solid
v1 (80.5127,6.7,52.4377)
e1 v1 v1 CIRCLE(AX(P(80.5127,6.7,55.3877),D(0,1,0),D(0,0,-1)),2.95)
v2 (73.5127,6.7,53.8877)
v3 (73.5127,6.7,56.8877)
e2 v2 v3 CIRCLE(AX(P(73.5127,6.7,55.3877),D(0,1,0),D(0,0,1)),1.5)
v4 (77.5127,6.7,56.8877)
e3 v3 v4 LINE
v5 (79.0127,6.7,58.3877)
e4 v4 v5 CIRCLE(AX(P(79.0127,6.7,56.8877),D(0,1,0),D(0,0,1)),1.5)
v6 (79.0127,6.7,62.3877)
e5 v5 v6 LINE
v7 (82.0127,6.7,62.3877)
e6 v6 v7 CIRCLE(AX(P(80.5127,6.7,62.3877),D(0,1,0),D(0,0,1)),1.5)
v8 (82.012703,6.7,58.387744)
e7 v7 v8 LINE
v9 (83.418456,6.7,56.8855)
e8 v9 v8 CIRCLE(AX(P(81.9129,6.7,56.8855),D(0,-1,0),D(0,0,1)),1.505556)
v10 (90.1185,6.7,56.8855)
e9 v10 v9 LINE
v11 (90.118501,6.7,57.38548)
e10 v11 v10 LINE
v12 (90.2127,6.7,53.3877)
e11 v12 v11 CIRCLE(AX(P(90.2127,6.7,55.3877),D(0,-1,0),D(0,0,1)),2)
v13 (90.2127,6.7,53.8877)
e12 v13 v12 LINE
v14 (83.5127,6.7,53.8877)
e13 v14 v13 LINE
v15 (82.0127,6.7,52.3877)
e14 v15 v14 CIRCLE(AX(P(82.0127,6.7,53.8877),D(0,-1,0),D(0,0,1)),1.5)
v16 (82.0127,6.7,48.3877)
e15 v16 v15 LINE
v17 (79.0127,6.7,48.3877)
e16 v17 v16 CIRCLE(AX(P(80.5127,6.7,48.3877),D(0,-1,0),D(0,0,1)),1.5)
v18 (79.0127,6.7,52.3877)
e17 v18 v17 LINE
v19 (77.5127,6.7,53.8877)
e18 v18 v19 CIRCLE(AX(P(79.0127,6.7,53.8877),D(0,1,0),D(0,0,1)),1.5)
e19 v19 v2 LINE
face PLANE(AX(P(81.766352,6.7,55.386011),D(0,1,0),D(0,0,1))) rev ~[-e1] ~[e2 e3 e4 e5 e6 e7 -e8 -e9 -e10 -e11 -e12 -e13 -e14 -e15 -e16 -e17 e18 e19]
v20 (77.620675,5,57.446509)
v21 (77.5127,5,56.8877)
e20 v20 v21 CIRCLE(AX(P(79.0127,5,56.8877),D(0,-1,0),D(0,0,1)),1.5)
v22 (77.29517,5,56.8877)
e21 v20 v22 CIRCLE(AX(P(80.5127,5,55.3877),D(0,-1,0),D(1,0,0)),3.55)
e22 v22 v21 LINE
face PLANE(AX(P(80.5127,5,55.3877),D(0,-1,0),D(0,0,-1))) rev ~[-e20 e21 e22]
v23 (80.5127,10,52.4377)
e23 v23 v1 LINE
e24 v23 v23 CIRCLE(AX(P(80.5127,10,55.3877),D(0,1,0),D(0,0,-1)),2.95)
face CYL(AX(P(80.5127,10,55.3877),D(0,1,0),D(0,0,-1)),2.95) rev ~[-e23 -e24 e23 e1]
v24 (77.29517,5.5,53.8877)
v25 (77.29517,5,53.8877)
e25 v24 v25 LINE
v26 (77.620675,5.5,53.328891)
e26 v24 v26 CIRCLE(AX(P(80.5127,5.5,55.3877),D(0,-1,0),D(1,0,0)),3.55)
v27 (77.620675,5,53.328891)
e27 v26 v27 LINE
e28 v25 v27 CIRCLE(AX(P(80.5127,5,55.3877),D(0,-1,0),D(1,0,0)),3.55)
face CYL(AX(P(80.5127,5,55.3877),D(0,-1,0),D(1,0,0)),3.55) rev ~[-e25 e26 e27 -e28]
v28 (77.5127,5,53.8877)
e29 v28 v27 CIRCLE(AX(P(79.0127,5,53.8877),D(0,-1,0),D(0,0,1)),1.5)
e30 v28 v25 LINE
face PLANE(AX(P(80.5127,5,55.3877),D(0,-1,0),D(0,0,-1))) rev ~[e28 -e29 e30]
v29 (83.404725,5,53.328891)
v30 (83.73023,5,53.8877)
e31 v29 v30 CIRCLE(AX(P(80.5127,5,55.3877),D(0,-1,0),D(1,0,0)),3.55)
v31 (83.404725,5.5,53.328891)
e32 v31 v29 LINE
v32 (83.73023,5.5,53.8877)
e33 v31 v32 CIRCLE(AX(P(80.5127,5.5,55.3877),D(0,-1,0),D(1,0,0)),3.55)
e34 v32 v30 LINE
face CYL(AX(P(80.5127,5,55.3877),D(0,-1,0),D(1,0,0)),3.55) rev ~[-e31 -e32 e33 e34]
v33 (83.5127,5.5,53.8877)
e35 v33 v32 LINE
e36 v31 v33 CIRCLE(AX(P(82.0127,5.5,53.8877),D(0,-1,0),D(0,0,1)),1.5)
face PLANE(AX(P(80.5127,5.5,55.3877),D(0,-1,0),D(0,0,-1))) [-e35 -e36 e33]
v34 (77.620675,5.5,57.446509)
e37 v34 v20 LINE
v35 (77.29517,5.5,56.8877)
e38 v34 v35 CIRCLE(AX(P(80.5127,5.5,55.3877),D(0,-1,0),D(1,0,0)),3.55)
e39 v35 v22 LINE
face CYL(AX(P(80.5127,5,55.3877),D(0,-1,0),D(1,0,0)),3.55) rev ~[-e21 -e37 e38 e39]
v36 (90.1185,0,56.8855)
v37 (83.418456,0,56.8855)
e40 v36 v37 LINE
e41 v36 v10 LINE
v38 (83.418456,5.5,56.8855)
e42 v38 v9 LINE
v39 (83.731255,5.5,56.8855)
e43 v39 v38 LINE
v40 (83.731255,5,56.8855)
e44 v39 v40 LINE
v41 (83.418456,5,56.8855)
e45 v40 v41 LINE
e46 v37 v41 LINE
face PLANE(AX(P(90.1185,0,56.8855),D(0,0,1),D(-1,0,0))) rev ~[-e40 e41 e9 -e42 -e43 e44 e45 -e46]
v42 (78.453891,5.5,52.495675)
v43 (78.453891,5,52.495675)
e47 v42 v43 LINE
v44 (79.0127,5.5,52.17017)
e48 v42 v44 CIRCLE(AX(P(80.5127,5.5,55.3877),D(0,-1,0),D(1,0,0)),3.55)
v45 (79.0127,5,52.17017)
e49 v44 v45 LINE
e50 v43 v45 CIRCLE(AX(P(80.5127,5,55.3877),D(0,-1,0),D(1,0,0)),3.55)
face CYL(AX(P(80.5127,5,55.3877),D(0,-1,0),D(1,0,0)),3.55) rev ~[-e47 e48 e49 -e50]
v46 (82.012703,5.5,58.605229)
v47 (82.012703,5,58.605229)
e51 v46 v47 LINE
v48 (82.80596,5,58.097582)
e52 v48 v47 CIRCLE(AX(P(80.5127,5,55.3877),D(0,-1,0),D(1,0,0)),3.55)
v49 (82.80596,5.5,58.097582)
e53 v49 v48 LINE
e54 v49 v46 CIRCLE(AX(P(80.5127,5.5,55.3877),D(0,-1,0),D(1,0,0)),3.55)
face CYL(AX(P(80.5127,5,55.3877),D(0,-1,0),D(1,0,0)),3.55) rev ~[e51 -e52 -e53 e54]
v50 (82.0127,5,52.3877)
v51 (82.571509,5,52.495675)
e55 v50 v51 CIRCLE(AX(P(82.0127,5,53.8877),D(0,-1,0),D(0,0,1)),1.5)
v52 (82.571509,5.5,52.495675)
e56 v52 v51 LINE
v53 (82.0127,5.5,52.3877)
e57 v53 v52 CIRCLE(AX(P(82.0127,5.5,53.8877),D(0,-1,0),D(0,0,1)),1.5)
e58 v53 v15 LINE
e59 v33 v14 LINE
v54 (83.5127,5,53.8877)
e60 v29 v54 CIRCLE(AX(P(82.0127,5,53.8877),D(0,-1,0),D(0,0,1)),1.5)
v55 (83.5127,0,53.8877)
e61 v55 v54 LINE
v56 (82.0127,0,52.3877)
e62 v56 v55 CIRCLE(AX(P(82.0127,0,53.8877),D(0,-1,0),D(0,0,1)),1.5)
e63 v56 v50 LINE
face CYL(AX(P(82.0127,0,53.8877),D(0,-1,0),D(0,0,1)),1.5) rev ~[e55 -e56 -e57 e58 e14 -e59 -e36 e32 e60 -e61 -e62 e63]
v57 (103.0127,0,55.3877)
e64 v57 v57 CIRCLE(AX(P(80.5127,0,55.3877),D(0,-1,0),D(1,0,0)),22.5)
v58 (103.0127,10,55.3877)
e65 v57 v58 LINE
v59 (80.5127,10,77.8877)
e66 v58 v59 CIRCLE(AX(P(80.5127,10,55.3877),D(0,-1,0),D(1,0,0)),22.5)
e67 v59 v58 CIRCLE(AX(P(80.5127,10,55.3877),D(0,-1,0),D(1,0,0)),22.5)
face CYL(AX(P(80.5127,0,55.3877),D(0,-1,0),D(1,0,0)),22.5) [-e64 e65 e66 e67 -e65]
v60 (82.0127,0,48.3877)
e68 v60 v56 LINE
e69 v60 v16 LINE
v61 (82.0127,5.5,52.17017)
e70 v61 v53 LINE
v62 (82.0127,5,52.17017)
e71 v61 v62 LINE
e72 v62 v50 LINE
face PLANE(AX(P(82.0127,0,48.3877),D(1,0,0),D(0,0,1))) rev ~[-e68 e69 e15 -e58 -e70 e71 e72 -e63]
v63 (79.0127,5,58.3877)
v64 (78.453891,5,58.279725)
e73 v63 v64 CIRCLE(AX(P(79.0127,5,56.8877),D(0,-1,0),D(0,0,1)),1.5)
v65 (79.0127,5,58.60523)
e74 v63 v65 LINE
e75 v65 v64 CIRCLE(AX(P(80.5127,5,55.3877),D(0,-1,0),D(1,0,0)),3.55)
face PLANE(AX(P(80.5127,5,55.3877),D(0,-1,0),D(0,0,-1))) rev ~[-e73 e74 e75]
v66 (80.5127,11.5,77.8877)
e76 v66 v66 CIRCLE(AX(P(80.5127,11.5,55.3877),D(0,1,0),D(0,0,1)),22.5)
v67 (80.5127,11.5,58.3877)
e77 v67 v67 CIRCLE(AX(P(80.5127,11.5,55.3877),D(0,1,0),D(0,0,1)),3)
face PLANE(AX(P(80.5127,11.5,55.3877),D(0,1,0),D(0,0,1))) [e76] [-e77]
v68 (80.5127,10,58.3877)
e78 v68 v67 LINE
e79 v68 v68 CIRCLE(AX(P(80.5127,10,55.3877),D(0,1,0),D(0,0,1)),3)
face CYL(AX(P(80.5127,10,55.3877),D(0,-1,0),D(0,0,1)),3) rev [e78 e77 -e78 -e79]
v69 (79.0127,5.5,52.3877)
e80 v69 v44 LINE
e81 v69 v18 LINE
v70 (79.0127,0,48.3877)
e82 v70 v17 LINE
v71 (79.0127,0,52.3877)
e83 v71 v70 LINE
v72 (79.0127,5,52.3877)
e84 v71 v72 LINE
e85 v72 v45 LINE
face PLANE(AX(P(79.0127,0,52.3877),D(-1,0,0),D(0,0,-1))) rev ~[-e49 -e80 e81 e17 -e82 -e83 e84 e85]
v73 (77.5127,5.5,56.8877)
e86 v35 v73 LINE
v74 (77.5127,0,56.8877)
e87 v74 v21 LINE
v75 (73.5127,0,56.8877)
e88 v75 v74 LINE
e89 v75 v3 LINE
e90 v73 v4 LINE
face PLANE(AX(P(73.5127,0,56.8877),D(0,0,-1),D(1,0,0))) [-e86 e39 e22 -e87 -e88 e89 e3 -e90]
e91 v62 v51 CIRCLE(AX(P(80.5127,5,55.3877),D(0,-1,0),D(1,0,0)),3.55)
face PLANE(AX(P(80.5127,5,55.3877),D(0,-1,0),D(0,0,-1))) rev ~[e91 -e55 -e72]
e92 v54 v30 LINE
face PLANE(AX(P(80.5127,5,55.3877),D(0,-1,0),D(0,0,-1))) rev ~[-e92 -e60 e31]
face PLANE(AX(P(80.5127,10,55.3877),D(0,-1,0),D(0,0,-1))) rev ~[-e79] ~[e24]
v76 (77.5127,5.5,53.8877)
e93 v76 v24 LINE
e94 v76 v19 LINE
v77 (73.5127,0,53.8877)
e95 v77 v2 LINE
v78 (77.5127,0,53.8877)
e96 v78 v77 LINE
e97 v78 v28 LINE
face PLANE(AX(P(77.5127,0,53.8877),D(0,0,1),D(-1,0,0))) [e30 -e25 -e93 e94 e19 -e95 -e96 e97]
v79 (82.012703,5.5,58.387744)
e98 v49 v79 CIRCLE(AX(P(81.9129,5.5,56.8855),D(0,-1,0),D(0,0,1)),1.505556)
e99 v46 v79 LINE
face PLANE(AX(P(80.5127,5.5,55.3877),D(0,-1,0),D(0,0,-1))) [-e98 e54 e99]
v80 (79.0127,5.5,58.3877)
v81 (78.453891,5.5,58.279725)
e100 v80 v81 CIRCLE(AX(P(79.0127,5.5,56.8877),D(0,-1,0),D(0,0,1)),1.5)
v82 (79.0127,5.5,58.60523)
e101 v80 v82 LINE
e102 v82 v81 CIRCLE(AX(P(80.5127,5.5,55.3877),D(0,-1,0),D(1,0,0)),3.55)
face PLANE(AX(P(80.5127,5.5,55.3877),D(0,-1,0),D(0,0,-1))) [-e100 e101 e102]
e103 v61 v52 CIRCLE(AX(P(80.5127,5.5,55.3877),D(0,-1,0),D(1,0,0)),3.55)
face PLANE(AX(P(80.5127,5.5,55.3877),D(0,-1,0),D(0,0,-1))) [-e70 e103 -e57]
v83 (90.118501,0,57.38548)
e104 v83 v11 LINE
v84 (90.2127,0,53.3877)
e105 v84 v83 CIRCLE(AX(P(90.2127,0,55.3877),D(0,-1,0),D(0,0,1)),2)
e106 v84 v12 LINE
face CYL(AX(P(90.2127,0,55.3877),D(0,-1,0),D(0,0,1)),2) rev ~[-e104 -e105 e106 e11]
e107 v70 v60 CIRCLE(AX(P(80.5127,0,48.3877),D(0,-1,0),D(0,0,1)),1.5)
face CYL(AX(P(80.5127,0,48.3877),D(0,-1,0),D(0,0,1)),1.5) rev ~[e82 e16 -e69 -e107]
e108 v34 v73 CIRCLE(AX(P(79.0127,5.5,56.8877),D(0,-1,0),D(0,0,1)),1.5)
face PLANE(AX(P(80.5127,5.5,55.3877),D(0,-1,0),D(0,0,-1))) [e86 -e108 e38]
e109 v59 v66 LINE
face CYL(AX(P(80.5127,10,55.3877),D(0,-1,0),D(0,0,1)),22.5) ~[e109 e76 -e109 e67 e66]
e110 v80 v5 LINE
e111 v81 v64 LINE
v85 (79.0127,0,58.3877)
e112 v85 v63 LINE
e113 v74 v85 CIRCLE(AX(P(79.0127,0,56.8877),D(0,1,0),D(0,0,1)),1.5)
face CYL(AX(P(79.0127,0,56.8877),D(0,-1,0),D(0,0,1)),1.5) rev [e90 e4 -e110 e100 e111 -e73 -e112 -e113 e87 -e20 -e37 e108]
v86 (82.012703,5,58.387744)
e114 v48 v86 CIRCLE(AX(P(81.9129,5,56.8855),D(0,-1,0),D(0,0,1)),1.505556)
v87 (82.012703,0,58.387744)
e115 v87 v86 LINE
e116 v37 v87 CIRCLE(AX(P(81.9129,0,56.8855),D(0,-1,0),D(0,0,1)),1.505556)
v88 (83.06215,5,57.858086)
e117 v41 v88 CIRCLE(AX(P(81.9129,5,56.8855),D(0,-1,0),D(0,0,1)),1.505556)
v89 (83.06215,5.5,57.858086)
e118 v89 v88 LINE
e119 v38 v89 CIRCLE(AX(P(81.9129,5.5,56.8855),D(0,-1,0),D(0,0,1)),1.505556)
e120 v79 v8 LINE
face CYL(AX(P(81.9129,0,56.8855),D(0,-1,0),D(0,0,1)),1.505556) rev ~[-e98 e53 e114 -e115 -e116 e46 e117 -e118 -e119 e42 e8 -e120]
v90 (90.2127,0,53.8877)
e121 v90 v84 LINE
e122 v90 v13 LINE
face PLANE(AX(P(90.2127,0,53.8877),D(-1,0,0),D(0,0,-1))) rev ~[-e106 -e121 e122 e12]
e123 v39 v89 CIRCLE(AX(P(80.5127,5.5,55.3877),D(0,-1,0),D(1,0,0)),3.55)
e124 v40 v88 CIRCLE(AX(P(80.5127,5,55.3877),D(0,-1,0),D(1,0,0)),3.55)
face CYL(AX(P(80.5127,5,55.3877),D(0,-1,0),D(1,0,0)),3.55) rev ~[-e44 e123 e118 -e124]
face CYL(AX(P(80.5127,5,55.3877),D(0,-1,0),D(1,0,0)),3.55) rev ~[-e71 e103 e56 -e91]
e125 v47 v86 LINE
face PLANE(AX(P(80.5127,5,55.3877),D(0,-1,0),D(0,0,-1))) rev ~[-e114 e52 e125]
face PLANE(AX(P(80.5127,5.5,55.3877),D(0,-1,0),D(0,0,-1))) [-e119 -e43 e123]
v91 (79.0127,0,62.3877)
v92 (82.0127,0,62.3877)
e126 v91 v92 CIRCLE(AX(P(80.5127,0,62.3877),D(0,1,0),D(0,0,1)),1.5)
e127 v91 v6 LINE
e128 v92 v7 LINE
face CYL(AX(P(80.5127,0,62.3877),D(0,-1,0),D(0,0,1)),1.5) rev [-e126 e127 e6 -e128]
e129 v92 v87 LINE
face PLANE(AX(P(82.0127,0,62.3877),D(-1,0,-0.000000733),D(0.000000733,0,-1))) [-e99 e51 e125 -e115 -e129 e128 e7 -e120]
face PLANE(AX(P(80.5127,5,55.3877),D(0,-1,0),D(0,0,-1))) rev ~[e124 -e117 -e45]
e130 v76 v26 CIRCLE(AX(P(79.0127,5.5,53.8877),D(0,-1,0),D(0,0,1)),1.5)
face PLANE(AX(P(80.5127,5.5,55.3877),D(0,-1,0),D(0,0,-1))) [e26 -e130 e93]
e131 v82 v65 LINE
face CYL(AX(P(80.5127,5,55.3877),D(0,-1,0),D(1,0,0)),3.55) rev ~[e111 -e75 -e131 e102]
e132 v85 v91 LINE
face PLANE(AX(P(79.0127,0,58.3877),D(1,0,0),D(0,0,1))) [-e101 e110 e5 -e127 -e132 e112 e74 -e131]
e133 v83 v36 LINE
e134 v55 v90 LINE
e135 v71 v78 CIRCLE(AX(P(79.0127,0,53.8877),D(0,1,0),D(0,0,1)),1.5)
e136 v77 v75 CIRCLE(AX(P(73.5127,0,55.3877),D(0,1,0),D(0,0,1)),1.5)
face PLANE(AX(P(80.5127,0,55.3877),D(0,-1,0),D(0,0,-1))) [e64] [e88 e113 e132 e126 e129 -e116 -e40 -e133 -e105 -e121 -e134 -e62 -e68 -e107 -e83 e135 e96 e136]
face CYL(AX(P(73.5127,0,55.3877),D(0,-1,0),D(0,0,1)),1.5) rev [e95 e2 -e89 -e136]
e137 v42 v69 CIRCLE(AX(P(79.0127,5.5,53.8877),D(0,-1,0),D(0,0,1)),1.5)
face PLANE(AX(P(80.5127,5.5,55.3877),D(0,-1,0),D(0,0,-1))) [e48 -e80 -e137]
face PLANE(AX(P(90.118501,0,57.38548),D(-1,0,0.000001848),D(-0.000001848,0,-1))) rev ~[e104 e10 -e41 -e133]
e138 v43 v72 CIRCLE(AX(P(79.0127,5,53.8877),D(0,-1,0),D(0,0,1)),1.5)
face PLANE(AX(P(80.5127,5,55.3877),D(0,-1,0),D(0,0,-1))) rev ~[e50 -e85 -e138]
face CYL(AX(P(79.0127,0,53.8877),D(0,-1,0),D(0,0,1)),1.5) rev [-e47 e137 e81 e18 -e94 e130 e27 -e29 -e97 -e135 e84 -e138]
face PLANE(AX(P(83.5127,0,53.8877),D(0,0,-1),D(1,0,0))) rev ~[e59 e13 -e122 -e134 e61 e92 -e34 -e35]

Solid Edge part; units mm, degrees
sketch "Sketch1" plane through (0, 0, 0) normal (0, -1, 0) x (1, 0, 0)
  circle A0 centre (80.5127, 55.3877) radius 22.5
  dimension "D1" = 45
extrude "Protrusion1" add sketch "Sketch1" against normal blind 10
sketch "Sketch2" plane through (80.5127, 10, 55.3877) normal (0, 1, 0) x (0, 0, -1)
  circle A0 centre (0, 0) radius 2.95
  dimension "D1" = 5.9
extrude "ExtrudedCutout_5" cut sketch "Sketch2" against normal blind 4
sketch "Sketch3" plane through (80.5127, 6, 55.3877) normal (0, 1, 0) x (-1, 0, 0)
  circle A0 centre (0, 0) radius 1.05
  dimension "D1" = 2.1
extrude "Cutout1" cut sketch "Sketch3" against normal up to next
sketch "Sketch4" plane through (80.5127, 5, 51.1598) normal (0, -1, 0) x (1, 0, 0)
  circle A0 centre (0, 4.2279) radius 3.55
extrude "ExtrudedCutout_7" cut sketch "Sketch4" against normal blind 0.5
chamfer "Chamfer_2" distance 1.9 distance2 0.5 1 edges at (80.5127, 6, 58.3377) measured on face at (78.605, 6, 53.362)
sketch "Sketch5" plane through (80.5127, 10, 55.3877) normal (0, 1, 0) x (0, 0, 1)
  circle A0 centre (0, 0) radius 22.5
  circle A1 centre (0, 0) radius 3
  dimension "D1" = 45
extrude "ExtrudedProtrusion_4" add sketch "Sketch5" along normal blind 1.5
sketch "Sketch6" plane through (80.5127, 0, 55.3877) normal (0, -1, 0) x (0, 0, 1)
  line L0 (3, 1.5) -> (7, 1.5)
  arc A0 (7, 1.5) -> (7, -1.5) centre (7, 0) cw
  line L1 (7, -1.5) -> (3, -1.5)
  arc A1 (1.4978, -2.9058) -> (3, -1.5) centre (1.4978, -1.4002) ccw
  line L2 (1.4978, -9.6058) -> (1.4978, -2.9058)
  line L3 (1.9978, -9.6058) -> (1.4978, -9.6058)
  arc A2 (-2, -9.7) -> (1.9978, -9.6058) centre (0, -9.7) ccw
  line L4 (-1.5, -9.7) -> (-2, -9.7)
  line L5 (-1.5, -3) -> (-1.5, -9.7)
  arc A3 (-3, -1.5) -> (-1.5, -3) centre (-1.5, -1.5) ccw
  line L6 (-7, -1.5) -> (-3, -1.5)
  arc A4 (-7, 1.5) -> (-7, -1.5) centre (-7, 0) ccw
  line L7 (-3, 1.5) -> (-7, 1.5)
  arc A5 (-3, 1.5) -> (-1.5, 3) centre (-1.5, 1.5) cw
  line L8 (-1.5, 3) -> (-1.5, 7)
  arc A6 (-1.5, 7) -> (1.5, 7) centre (0, 7) cw
  line L9 (1.5, 7) -> (1.5, 3)
  arc A7 (1.5, 3) -> (3, 1.5) centre (1.5, 1.5) cw
  dimension "D1" = 4
  dimension "D2" = 1.5
  dimension "D3" = 4
  dimension "D4" = 4
  dimension "D5" = 1.5
  dimension "D6" = 3
  dimension "D7" = 3
  dimension "D8" = 6.7
  dimension "D9" = 3
  dimension "D10" = 1.5
  dimension "D11" = 2
  dimension "D12" = 0.5
  dimension "D13" = 6.7
  dimension "D14" = 4
  dimension "D15" = 4
  dimension "D16" = 1.5
  dimension "D17" = 4
extrude "ExtrudedCutout_9" cut sketch "Sketch6" against normal blind 6.7
